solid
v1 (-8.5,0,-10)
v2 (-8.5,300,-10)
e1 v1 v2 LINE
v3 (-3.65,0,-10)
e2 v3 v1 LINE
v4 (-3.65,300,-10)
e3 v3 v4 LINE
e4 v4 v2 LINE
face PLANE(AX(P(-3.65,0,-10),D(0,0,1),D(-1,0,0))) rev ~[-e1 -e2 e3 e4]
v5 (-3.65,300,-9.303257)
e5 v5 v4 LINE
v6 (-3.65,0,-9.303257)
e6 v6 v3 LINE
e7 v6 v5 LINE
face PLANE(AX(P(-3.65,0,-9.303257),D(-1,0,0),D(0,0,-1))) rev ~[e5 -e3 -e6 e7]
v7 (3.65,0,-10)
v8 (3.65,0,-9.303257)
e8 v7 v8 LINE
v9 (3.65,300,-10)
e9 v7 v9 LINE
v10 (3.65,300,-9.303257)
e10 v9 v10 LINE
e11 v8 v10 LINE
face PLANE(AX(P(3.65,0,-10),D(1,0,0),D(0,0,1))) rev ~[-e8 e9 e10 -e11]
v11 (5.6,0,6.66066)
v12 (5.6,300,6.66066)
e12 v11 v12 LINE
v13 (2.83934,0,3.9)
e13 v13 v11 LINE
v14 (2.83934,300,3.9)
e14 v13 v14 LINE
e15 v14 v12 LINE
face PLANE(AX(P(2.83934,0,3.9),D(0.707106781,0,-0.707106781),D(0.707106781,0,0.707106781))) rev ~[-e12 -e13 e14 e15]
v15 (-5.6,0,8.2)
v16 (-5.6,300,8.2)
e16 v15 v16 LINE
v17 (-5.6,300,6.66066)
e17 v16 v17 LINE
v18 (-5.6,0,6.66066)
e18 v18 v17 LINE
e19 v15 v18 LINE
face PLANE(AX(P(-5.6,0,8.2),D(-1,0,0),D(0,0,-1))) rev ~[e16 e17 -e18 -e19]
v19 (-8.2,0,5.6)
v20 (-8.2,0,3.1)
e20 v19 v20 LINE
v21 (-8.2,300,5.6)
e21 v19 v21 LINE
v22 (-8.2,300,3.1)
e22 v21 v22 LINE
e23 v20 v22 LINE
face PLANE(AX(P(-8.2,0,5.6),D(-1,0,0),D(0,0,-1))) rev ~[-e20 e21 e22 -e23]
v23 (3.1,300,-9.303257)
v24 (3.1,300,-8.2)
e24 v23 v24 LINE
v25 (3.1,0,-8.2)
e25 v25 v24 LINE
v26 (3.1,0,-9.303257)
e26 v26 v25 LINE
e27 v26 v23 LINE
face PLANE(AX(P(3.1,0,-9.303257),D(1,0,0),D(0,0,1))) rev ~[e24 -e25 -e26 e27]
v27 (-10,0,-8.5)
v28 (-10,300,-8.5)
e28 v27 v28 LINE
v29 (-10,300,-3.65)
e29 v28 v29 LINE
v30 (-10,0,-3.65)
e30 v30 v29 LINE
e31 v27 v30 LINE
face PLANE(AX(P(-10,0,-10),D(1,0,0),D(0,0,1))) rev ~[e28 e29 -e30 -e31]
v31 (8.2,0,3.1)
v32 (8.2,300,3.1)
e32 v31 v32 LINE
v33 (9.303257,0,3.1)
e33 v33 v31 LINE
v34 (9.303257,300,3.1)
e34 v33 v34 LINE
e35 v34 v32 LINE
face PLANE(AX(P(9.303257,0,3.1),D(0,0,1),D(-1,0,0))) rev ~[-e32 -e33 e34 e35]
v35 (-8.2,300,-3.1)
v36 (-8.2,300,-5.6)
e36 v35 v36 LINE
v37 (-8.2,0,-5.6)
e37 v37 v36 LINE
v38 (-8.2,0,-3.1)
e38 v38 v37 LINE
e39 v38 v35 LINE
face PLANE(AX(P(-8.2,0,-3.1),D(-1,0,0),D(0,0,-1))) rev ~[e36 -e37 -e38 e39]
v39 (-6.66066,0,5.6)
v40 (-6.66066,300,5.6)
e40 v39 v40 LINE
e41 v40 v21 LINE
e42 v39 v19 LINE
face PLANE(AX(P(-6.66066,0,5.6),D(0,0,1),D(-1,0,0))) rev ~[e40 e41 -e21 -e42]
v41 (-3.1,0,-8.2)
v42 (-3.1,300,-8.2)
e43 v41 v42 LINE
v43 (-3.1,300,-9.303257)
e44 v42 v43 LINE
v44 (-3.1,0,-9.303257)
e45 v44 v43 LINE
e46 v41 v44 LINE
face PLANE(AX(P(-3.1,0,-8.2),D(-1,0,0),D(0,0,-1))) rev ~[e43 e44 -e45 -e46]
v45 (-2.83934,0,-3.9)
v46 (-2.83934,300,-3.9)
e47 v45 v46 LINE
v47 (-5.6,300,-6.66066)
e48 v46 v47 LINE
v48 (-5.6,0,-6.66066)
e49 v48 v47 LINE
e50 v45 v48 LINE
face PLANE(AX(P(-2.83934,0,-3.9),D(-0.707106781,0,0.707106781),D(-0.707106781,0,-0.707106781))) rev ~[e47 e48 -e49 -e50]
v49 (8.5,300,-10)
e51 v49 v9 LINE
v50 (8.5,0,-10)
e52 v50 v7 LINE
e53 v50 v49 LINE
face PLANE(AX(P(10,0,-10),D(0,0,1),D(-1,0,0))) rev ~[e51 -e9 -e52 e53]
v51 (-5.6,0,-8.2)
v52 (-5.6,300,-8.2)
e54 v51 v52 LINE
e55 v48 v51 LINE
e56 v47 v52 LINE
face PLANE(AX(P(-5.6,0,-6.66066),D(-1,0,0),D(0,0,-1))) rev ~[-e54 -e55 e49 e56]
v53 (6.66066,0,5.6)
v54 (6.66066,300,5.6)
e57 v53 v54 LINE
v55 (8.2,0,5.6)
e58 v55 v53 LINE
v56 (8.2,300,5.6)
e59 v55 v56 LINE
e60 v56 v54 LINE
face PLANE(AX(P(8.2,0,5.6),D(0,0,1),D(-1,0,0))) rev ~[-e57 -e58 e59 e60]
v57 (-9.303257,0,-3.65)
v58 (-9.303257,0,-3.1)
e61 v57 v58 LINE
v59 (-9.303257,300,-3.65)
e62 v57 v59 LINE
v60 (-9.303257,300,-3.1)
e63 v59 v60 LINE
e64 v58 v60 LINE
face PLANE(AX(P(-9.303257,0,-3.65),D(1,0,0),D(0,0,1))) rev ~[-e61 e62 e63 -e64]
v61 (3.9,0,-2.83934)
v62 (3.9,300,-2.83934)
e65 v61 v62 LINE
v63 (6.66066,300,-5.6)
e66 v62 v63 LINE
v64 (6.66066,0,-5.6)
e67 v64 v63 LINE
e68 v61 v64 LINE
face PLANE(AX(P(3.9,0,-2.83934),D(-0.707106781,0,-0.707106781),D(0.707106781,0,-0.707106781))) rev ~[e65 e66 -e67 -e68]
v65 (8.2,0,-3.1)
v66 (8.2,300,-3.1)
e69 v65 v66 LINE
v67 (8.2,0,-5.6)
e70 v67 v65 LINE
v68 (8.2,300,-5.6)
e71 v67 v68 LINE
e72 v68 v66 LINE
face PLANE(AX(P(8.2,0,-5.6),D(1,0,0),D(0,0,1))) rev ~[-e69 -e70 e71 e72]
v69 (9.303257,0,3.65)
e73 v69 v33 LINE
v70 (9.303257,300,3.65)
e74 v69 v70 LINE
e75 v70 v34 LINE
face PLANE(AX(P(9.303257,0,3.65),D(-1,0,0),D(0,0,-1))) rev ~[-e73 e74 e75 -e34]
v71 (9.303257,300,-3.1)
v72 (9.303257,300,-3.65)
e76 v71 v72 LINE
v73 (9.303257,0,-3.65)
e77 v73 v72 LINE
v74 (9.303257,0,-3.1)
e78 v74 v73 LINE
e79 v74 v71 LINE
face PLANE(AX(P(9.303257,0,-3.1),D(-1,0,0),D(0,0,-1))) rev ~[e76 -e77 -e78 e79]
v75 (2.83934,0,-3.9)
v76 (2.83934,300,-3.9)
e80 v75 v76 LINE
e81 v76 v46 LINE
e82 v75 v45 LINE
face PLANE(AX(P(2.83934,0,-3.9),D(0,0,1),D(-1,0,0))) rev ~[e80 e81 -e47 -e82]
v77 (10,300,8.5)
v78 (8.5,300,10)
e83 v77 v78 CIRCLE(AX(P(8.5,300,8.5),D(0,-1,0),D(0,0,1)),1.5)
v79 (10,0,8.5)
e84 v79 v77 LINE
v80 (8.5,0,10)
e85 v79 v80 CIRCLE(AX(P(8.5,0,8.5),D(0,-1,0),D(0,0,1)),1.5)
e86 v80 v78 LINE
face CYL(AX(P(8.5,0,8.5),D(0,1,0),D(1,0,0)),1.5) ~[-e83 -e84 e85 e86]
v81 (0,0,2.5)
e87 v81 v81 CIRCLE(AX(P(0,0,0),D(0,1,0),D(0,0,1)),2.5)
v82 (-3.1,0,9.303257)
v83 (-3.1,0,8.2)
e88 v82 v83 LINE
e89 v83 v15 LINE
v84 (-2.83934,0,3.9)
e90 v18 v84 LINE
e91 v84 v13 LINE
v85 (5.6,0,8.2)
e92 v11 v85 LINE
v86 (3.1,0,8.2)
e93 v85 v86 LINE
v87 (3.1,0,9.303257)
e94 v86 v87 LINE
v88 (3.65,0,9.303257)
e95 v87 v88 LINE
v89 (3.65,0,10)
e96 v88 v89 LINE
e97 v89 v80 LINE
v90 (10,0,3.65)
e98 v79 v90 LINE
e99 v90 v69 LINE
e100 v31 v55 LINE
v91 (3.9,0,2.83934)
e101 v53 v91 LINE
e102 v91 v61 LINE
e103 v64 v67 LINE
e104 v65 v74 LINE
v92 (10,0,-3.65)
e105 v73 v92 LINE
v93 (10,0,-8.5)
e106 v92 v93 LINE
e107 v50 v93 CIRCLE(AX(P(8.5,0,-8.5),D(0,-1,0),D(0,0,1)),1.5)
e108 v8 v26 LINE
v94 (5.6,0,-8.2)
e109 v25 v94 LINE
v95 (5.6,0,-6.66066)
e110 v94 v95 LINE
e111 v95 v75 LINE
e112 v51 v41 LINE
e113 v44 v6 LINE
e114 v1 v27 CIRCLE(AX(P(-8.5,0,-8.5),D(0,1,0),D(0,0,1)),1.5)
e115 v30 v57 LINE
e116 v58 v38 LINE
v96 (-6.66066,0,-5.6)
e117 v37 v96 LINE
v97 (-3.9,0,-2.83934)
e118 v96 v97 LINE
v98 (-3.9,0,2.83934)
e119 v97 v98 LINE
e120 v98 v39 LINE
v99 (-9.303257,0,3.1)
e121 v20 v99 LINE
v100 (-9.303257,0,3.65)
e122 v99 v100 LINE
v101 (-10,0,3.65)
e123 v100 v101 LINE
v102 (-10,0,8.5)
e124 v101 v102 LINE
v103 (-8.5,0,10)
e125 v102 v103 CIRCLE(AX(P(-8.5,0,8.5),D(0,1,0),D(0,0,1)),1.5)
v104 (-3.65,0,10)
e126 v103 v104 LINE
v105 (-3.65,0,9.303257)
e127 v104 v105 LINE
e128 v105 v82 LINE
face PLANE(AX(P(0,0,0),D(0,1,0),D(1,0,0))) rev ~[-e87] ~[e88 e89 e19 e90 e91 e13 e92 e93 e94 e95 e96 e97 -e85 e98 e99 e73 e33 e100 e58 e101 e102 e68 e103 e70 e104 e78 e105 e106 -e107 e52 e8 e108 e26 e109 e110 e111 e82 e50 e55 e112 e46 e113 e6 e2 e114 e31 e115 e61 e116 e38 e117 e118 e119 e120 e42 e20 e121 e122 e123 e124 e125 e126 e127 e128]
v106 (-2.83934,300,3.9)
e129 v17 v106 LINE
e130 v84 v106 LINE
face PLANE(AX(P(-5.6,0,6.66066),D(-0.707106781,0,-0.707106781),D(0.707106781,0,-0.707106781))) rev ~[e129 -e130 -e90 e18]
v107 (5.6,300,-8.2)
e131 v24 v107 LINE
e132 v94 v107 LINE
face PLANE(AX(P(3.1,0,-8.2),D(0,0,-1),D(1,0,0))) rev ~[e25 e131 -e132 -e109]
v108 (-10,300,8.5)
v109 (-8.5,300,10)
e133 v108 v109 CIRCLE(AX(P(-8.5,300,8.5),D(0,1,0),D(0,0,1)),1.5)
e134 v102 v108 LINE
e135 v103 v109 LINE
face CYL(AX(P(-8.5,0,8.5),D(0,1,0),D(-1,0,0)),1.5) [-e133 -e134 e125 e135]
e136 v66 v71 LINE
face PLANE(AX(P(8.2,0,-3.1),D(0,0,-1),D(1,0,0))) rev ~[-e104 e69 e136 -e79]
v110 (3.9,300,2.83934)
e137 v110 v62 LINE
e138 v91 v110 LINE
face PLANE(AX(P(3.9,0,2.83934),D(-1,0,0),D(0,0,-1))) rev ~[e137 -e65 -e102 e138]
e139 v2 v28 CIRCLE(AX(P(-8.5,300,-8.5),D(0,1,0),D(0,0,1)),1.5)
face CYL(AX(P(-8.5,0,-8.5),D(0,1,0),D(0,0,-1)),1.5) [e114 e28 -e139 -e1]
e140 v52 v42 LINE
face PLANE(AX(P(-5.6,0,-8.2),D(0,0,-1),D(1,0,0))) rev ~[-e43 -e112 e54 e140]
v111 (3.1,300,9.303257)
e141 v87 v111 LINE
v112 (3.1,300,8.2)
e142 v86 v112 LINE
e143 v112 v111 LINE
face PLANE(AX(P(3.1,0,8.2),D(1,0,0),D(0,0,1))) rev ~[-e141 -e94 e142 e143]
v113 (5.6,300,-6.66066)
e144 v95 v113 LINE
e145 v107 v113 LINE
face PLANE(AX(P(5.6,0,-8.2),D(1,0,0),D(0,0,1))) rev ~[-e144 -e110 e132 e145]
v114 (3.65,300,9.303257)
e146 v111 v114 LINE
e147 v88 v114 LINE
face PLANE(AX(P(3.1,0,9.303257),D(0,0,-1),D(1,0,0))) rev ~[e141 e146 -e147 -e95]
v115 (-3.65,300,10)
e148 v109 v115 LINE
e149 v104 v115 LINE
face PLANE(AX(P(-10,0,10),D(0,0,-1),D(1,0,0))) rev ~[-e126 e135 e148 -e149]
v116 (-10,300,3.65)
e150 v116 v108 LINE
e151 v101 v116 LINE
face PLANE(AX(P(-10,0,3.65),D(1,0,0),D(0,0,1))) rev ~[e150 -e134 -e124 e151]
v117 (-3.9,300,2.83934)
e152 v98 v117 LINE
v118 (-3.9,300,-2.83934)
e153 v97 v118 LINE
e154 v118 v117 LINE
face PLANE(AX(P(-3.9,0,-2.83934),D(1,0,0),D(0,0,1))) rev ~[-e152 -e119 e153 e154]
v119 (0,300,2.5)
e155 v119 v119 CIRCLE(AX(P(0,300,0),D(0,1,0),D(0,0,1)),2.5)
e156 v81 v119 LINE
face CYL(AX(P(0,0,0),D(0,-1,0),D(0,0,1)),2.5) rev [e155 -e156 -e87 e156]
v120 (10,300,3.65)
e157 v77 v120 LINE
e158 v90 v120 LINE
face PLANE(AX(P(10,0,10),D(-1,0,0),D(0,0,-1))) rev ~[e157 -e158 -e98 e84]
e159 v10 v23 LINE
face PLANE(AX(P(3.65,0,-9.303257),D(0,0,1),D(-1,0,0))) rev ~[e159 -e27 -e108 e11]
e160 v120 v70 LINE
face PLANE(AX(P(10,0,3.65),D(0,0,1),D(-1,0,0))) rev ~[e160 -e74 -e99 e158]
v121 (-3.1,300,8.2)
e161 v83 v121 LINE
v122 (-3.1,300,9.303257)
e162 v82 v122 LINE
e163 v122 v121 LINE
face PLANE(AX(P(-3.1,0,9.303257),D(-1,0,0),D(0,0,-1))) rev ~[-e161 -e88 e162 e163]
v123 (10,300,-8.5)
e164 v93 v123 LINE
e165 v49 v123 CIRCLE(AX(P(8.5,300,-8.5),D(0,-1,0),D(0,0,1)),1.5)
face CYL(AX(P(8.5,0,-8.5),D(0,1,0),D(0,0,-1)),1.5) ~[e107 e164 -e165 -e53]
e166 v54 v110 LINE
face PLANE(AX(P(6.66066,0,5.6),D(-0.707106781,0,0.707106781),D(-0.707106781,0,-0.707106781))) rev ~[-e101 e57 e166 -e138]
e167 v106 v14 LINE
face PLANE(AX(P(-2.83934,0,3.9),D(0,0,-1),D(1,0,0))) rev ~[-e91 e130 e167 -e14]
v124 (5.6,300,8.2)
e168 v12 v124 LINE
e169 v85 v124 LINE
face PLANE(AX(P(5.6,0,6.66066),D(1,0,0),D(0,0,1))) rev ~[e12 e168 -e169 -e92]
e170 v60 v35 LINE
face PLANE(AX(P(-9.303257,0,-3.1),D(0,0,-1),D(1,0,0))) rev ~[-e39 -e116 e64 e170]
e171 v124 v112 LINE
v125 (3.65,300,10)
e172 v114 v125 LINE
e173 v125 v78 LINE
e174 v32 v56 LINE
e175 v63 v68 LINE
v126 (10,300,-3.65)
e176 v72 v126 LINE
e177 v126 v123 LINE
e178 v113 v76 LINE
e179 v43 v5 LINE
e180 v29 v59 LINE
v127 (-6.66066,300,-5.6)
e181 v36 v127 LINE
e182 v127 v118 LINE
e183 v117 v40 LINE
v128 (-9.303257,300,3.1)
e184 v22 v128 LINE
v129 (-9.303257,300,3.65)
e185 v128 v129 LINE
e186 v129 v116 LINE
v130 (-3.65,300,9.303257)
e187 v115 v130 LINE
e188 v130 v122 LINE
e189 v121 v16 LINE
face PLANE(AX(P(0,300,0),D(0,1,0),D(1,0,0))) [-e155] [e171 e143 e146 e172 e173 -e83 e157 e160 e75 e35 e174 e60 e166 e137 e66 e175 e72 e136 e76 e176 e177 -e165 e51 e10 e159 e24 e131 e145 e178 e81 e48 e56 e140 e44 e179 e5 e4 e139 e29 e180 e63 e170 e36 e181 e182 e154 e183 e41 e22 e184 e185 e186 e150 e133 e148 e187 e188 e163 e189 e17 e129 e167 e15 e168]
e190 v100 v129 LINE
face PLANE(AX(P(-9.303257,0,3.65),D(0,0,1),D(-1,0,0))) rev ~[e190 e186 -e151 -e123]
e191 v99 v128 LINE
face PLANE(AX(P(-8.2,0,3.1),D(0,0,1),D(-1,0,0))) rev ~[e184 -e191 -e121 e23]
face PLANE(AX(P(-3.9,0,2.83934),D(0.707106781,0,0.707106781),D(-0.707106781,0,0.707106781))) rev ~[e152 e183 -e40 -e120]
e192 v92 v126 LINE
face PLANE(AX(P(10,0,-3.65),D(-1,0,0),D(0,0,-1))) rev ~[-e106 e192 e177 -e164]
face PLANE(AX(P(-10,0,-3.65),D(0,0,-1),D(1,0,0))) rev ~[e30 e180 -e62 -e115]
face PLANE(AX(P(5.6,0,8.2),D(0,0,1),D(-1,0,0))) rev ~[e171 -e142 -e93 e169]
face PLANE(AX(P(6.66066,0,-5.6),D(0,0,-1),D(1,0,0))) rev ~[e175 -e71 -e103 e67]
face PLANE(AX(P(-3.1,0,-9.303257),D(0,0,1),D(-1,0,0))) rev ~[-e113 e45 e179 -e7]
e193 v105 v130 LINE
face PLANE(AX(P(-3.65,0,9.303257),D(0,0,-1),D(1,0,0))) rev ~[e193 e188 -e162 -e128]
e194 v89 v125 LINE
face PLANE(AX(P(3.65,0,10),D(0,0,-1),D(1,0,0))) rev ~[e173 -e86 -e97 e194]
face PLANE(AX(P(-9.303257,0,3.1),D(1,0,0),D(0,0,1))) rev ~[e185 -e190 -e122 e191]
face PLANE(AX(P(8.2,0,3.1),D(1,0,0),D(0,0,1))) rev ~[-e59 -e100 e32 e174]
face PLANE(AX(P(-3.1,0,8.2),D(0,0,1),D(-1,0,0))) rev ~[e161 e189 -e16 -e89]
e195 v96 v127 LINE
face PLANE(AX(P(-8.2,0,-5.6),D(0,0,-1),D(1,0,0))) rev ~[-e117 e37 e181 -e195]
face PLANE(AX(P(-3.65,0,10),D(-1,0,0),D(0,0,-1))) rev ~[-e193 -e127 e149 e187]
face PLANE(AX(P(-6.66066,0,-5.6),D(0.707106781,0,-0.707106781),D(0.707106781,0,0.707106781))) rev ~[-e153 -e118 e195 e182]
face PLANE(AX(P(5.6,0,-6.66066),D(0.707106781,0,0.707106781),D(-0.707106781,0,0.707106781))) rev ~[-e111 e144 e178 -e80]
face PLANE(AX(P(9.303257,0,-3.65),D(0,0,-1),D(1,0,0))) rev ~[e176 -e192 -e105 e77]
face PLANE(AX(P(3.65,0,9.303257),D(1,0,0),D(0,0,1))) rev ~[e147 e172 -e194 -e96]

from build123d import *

# Parameters (mm, degrees)
SKETCH_1_R      = 2.5
EXTRUDE_1_DEPTH = 300
FILLET_1_R      = 1.5


with BuildPart() as part:
    # 草图1 → 凸台-拉伸1 (new body)
    with BuildSketch(Plane(origin=(0, 0, 0), x_dir=(1, 0, 0), z_dir=(0, 1, 0))):
        Polygon((10, 10), (3.65, 10), (3.65, 9.303257497), (3.1, 9.303257497), (3.1, 8.2), (5.6, 8.2), (5.6, 6.660660172), (2.839339828, 3.9), (-2.839339828, 3.9), (-5.6, 6.660660172), (-5.6, 8.2), (-3.1, 8.2), (-3.1, 9.303257497), (-3.65, 9.303257497), (-3.65, 10), (-10, 10), (-10, 3.65), (-9.303257497, 3.65), (-9.303257497, 3.1), (-8.2, 3.1), (-8.2, 5.6), (-6.660660172, 5.6), (-3.9, 2.839339828), (-3.9, -2.839339828), (-6.660660172, -5.6), (-8.2, -5.6), (-8.2, -3.1), (-9.303257497, -3.1), (-9.303257497, -3.65), (-10, -3.65), (-10, -10), (-3.65, -10), (-3.65, -9.303257497), (-3.1, -9.303257497), (-3.1, -8.2), (-5.6, -8.2), (-5.6, -6.660660172), (-2.839339828, -3.9), (2.839339828, -3.9), (5.6, -6.660660172), (5.6, -8.2), (3.1, -8.2), (3.1, -9.303257497), (3.65, -9.303257497), (3.65, -10), (10, -10), (10, -3.65), (9.303257497, -3.65), (9.303257497, -3.1), (8.2, -3.1), (8.2, -5.6), (6.660660172, -5.6), (3.9, -2.839339828), (3.9, 2.839339828), (6.660660172, 5.6), (8.2, 5.6), (8.2, 3.1), (9.303257497, 3.1), (9.303257497, 3.65), (10, 3.65), align=None)
        with Locations(Location((0, 0, 0), (0, 0, 270))):
            Circle(SKETCH_1_R, mode=Mode.SUBTRACT)
    extrude(amount=EXTRUDE_1_DEPTH)

    # 圆角1
    fillet_1_edges = [part.edges().sort_by_distance(p)[0] for p in [
        (10, 150, 10),
        (-10, 150, 10),
        (-10, 150, -10),
        (10, 150, -10),
    ]]
    fillet(fillet_1_edges, radius=FILLET_1_R)


solid = part.part
